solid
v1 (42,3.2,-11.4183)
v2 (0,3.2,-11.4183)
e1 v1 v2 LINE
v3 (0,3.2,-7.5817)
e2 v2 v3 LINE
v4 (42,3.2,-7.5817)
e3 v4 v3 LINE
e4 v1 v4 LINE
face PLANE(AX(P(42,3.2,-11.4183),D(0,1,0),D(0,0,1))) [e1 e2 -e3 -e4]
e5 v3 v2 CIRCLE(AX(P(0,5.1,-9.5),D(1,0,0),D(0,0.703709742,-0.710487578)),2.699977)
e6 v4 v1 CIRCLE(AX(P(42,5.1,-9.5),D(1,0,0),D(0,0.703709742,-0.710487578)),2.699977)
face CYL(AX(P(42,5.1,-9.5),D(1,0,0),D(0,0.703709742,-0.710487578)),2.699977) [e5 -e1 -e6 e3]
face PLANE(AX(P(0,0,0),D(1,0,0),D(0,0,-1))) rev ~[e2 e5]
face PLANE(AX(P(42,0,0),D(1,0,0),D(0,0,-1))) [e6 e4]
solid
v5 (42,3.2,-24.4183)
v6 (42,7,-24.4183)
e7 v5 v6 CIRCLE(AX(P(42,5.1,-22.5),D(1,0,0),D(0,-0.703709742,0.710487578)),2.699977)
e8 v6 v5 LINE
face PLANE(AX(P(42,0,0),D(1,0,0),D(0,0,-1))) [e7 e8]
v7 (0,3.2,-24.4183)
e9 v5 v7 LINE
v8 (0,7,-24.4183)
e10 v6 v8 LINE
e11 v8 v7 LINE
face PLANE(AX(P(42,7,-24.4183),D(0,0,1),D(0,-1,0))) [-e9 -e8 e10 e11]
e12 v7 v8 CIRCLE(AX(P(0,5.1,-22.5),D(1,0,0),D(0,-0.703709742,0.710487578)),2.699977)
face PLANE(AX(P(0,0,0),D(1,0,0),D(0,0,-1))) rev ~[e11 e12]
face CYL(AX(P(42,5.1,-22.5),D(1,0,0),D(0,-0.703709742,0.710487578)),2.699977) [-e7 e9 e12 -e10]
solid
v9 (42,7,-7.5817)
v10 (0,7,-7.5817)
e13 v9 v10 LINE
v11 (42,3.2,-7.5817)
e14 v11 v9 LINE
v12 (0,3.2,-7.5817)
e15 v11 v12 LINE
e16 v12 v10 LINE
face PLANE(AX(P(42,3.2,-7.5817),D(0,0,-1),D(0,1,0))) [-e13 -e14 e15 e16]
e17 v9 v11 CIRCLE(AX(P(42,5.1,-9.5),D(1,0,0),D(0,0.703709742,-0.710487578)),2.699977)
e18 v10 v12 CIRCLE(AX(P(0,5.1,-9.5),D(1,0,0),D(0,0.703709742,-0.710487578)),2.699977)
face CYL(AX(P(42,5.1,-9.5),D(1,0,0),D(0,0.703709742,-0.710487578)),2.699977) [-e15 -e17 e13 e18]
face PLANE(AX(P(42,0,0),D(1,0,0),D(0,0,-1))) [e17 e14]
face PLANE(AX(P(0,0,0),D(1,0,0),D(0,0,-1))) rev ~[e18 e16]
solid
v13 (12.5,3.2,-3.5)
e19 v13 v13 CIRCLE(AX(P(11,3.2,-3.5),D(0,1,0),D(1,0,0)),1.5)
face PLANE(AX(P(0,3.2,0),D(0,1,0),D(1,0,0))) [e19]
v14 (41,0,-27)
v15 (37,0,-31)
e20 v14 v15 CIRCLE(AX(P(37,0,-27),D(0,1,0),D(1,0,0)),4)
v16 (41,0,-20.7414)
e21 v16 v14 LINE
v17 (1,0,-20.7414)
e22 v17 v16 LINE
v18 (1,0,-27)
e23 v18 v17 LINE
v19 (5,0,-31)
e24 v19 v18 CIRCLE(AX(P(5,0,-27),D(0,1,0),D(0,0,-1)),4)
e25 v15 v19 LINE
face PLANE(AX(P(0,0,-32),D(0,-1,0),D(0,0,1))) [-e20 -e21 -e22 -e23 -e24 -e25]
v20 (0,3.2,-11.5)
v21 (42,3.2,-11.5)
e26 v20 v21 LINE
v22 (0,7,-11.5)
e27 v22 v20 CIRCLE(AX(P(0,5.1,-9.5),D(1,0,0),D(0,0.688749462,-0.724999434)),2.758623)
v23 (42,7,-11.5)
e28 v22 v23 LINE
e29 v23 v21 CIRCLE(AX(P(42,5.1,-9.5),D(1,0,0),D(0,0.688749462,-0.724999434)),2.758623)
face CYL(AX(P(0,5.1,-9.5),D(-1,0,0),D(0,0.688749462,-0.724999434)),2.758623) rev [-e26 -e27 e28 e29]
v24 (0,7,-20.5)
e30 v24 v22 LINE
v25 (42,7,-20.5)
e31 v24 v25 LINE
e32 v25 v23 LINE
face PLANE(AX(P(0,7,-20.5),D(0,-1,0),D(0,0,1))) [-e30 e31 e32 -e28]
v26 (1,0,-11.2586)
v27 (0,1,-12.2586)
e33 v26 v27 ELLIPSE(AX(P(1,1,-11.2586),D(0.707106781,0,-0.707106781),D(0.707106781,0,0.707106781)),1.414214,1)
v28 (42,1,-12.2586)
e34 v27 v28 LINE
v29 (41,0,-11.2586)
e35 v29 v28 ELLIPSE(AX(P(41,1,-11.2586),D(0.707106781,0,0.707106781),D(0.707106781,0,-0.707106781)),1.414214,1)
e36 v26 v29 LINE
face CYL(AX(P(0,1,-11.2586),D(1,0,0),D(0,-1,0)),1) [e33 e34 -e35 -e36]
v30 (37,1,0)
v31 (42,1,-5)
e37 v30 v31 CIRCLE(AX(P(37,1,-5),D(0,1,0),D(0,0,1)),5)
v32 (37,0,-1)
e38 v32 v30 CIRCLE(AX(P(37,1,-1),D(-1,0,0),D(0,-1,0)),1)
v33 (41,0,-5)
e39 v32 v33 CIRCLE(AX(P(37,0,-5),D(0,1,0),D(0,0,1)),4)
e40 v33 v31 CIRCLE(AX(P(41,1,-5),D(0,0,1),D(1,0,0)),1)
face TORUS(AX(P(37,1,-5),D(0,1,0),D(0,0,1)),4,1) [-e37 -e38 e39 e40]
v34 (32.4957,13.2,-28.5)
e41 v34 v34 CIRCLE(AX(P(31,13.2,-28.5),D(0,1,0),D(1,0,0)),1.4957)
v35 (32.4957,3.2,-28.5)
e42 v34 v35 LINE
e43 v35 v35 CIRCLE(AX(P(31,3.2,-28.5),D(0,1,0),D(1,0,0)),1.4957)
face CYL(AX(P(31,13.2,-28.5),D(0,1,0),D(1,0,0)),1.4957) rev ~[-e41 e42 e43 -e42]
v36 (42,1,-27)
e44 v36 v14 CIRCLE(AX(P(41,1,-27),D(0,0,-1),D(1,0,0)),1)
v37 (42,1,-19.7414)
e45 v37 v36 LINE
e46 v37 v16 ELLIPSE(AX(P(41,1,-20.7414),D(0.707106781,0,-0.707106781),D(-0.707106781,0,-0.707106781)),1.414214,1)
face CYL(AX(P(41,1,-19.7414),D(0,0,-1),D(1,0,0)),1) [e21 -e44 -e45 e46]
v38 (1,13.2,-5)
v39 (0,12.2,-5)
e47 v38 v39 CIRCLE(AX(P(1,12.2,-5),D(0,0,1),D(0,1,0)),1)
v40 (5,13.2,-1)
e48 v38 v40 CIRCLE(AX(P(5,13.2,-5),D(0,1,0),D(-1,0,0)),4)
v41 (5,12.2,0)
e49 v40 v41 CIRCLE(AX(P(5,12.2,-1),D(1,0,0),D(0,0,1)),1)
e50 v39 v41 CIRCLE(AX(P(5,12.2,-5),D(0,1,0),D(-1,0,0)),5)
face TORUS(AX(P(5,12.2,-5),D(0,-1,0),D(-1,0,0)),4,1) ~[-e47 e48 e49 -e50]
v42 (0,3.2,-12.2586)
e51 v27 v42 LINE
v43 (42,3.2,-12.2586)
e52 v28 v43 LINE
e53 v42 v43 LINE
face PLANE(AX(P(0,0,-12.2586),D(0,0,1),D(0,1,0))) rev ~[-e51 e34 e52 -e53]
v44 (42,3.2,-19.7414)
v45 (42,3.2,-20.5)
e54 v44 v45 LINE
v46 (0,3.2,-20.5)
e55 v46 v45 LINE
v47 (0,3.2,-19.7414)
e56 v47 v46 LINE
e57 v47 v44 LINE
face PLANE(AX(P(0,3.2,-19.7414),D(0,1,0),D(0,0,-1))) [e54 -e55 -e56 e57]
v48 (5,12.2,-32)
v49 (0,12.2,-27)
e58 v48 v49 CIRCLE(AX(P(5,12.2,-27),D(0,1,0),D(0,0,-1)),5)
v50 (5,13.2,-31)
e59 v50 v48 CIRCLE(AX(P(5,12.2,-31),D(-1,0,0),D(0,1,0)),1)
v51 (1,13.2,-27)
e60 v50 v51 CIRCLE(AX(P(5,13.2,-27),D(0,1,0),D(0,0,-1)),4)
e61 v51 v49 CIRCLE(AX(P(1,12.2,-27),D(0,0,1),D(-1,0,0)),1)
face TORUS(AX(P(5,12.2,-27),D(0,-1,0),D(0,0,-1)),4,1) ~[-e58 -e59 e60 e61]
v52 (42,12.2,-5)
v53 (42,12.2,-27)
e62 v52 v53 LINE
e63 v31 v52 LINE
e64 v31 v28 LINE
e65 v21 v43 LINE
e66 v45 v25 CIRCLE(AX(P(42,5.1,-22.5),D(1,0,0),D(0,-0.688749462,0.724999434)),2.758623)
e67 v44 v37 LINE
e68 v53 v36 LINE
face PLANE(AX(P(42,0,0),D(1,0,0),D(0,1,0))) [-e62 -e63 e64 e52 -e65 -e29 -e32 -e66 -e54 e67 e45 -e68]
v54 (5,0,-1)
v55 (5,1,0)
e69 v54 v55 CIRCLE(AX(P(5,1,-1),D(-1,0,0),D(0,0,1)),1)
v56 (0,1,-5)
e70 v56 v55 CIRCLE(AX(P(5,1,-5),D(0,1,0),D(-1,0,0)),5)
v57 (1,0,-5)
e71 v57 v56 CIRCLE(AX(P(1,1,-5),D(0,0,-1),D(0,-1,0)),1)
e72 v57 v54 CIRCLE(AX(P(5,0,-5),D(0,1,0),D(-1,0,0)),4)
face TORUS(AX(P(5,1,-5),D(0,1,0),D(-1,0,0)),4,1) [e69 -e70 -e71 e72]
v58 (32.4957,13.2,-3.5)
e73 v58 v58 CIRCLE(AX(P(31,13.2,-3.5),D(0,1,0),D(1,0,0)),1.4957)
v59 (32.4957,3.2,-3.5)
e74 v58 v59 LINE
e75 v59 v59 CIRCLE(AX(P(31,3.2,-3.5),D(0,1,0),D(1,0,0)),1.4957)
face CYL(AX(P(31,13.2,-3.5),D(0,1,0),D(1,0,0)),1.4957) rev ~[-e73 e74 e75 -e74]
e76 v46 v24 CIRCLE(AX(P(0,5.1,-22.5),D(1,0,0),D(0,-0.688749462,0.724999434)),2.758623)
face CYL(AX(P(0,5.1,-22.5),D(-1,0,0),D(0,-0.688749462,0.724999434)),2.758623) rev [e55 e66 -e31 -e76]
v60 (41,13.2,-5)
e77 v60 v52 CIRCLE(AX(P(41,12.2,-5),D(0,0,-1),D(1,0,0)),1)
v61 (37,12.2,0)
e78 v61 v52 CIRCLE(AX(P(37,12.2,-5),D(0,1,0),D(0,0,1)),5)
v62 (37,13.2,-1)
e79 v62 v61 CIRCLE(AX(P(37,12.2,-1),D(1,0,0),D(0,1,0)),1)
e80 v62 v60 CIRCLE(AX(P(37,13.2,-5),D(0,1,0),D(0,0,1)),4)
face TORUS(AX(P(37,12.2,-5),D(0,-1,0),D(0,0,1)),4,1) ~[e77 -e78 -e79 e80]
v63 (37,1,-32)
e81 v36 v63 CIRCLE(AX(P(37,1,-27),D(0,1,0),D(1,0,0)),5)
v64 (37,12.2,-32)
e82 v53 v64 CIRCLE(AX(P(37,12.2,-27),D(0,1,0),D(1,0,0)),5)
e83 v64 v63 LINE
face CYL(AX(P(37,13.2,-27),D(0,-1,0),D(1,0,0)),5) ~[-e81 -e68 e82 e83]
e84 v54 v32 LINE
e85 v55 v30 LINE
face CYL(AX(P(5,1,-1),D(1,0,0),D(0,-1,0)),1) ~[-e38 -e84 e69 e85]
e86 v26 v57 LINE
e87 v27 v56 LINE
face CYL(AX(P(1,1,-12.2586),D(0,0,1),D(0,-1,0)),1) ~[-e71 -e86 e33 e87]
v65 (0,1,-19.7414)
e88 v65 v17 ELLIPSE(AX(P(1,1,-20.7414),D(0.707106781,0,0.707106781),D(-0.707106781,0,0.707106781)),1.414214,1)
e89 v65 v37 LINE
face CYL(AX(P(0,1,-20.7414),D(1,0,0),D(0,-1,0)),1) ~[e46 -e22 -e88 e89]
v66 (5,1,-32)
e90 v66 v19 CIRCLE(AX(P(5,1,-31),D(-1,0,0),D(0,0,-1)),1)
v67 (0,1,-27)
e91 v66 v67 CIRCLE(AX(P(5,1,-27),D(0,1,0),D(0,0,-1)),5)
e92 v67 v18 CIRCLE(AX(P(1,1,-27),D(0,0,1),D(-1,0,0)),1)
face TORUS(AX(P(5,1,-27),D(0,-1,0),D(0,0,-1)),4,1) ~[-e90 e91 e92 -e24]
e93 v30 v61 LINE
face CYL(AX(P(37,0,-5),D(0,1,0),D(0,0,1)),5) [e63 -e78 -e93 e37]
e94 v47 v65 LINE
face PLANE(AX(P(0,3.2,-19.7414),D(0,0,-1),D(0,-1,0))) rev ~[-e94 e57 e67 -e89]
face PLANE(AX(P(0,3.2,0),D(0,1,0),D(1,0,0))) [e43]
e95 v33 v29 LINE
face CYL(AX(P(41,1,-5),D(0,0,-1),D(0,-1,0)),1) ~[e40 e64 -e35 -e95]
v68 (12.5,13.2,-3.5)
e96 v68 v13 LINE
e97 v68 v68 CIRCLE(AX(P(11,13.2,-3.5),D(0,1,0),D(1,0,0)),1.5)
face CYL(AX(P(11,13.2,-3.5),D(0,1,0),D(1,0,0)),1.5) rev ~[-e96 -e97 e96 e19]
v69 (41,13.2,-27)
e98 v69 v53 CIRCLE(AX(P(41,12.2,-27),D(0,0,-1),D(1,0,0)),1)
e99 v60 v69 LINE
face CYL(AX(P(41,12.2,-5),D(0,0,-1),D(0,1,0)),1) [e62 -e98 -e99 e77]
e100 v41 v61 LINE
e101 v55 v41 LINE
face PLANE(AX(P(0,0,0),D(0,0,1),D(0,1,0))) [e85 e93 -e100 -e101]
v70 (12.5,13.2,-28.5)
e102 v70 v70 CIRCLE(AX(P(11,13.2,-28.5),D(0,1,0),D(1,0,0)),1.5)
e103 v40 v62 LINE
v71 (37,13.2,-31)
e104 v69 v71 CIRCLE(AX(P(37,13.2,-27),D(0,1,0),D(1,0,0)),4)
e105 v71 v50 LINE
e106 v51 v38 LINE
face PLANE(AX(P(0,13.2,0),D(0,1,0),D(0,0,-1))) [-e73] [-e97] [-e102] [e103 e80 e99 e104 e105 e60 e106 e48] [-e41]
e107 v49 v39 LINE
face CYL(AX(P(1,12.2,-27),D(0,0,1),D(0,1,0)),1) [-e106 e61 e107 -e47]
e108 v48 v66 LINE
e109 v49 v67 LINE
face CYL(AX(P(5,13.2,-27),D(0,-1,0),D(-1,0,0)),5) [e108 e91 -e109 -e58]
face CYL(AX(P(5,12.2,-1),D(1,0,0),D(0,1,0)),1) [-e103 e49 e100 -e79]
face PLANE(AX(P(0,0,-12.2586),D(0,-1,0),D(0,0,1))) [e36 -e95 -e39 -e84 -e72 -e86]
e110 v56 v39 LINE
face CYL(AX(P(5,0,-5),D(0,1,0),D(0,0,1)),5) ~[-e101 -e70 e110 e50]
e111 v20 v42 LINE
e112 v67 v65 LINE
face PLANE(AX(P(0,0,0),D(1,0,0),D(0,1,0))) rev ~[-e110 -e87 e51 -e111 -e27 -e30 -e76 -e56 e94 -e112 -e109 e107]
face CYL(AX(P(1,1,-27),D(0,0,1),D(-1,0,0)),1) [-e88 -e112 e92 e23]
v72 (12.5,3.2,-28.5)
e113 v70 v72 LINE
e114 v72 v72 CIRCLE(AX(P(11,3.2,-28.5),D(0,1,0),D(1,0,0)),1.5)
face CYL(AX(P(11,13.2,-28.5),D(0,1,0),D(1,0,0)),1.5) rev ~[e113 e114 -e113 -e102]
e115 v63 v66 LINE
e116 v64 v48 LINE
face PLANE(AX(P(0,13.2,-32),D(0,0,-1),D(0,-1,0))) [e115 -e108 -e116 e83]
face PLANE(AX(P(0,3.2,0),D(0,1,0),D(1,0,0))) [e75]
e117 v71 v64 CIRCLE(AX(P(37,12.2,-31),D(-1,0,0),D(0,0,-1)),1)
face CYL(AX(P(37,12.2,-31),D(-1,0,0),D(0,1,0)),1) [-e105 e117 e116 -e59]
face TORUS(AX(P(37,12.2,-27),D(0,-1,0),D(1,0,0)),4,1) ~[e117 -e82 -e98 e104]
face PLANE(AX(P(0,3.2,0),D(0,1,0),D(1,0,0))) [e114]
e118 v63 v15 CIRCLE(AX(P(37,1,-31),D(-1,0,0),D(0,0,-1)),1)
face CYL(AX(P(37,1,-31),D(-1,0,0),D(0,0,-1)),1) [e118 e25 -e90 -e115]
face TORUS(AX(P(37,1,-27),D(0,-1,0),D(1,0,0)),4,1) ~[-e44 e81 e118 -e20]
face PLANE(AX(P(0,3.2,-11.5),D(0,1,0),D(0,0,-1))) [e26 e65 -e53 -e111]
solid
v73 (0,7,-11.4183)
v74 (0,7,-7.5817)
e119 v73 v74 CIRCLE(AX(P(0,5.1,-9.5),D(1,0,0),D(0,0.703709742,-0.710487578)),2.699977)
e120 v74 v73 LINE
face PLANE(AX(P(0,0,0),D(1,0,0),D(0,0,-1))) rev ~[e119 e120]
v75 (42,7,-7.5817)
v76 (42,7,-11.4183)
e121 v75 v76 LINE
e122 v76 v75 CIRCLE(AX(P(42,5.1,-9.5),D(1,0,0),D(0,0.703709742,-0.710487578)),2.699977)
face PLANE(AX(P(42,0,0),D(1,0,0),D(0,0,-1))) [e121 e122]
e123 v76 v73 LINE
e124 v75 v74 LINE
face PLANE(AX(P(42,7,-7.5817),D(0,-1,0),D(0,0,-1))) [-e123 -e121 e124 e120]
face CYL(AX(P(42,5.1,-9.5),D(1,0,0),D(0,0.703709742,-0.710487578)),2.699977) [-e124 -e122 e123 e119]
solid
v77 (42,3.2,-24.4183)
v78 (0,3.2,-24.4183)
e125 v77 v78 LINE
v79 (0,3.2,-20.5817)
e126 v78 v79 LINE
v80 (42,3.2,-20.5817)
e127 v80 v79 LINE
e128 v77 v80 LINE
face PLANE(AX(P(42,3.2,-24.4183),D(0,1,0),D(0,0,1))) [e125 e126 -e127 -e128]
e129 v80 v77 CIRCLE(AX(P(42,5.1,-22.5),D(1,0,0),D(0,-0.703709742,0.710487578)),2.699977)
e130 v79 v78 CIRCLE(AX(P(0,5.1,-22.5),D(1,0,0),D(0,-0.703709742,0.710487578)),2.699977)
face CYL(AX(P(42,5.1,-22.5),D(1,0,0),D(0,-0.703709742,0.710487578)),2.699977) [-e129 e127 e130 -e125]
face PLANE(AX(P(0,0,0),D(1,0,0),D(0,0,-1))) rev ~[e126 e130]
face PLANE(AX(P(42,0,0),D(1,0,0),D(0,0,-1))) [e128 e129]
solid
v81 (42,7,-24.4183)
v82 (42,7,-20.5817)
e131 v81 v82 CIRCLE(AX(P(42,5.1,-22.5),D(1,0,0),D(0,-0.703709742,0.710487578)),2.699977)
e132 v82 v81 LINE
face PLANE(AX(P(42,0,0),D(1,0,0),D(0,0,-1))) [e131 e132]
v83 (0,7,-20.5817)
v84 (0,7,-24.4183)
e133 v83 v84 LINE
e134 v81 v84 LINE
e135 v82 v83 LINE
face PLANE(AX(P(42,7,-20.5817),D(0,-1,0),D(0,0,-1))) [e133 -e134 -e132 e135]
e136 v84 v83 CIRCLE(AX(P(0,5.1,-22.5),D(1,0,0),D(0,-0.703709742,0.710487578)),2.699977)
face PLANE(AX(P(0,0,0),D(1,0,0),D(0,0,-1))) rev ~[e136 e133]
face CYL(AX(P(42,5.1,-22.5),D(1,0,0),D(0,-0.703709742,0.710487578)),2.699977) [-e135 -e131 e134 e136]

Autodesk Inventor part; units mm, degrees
ref_plane "YZ Plane" through (0, 0, 0) normal (1, 0, 0) x (0, 1, 0)
ref_plane "XZ Plane" through (0, 0, 0) normal (0, 1, 0) x (-1, 0, 0)
ref_plane "XY Plane" through (0, 0, 0) normal (0, 0, 1) x (1, 0, 0)
sketch "Sketch1" plane through (0, 0, 0) normal (1, 0, 0) x (0, 1, 0)
  line L0 (0, 0) -> (13.2, 0)
  line L1 (13.2, 0) -> (13.2, -32)
  line L2 (13.2, -32) -> (0, -32)
  line L3 (0, -32) -> (0, -19.7414)
  arc A0 (7, -11.5) -> (3.2, -11.5) centre (5.1, -9.5) ccw
  arc A1 (3.2, -20.5) -> (7, -20.5) centre (5.1, -22.5) ccw
  line L4 (3.2, -11.5) -> (3.2, -12.2586)
  line L5 (0, -12.2586) -> (0, 0)
  line L6 (7, -20.5) -> (7, -11.5)
  line L7 (3.2, -19.7414) -> (3.2, -20.5)
  line L8 (3.2, -19.7414) -> (0, -19.7414)
  line L9 (0, -12.2586) -> (3.2, -12.2586)
  dimension "d0" = 32
  dimension "d1" = 13.2
  dimension "d9" = 9.5
  dimension "d10" = 9.5
  dimension "d11" = 2.7586
  dimension "d12" = 2.7586
  dimension "d13" = 7
  dimension "d14" = 3.2
  dimension "d15" = 5.1
  dimension "d16" = 5.1
  dimension "d17" = 0.7586
  dimension "d18" = 0.7586
  dimension "d19" = 9
  dimension "d20" = 3.2
extrude "Extrusion1" add sketch "Sketch1" along normal blind 42
sketch "Sketch2" plane through (0, 13.2, 0) normal (0, 1, 0) x (1, 0, 0)
  circle A0 centre (11, 3.5) radius 1.5
  circle A1 centre (31, 3.5) radius 1.4957
  line L0 (-3.7091, 16) -> (49.3641, 16) construction
  line L1 (0, 0) -> (42, 0) projected
  circle A2 centre (11, 28.5) radius 1.5
  circle A3 centre (31, 28.5) radius 1.4957
  line L2 (0, 32) -> (0, 0) projected
  dimension "d23" = 16
  dimension "d24" = 3
  dimension "d25" = 20
  dimension "d26" = 11
  dimension "d27" = 3.5
  dimension "d28" = 3.5
extrude "Extrusion2" cut sketch "Sketch2" against normal blind 10
sketch "Sketch3" plane through (42, 0, 0) normal (1, 0, 0) x (0, 0, -1)
  arc A0 (11.5, 7) -> (7.5817, 7.0824) centre (9.5, 5.1) ccw
  arc A1 (20.5, 3.2) -> (24.5, 3.2) centre (22.5, 5.1) ccw
  arc A2 (11.5, 7) -> (11.5, 3.2) centre (9.5, 5.1) ccw projected
  arc A3 (20.5, 3.2) -> (20.5, 7) centre (22.5, 5.1) ccw projected
  line L0 (11.5, 7) -> (20.5, 7) projected
  line L1 (11.5, 7) -> (20.5, 7)
  line L2 (7.5817, 7) -> (24.4183, 7)
  line L3 (24.4183, 7) -> (24.4183, 3.2)
  line L4 (24.4183, 3.2) -> (20.5, 3.2)
  line L5 (7.5817, 3.2) -> (7.5817, 7)
  arc A4 (7.5, 3.2) -> (11.5, 3.2) centre (9.5, 5.1) ccw
  arc A5 (7.5817, 7.0824) -> (7.5, 7) centre (9.5, 5.1) ccw
  arc A6 (7.5, 7) -> (7.5, 3.2) centre (9.5, 5.1) ccw
  arc A7 (24.5, 7) -> (24.4183, 7.0824) centre (22.5, 5.1) ccw
  arc A8 (24.5, 3.2) -> (24.5, 7) centre (22.5, 5.1) ccw
  arc A9 (24.4183, 7.0824) -> (20.5, 7) centre (22.5, 5.1) ccw
  line L6 (11.5, 3.2) -> (7.5817, 3.2)
  arc A10 (20.5817, 3.2) -> (20.5817, 7) centre (22.5, 5.1) ccw
  arc A11 (11.4183, 7) -> (11.4183, 3.2) centre (9.5, 5.1) ccw
  point P0 (0, 0)
  dimension "d31" = 3.8
  dimension "d32" = 5.4
  dimension "d33" = 5.4
extrude "Extrusion3" add sketch "Sketch3" against normal up to surface (42 mm away) contours L2 A11 | A10 L2 | L5 A11 | A10 L3 | L6 A11 | A10 L4
fillet "Fillet1" radius 5 4 edges at (0, 6.6, 0) (0, 6.6, -32) (42, 6.6, 0) (42, 6.6, -32)
fillet "Fillet2" radius 1 20 edges at (40.5355, 13.2, -30.5355) (42, 13.2, -16) (40.5355, 13.2, -1.4645) (21, 13.2, 0) (1.4645, 13.2, -1.4645) (0, 13.2, -16) (1.4645, 13.2, -30.5355) (21, 13.2, -32) (40.5355, 0, -30.5355) (42, 0, -23.3707) (1.4645, 0, -30.5355) (0, 0, -23.3707) (21, 0, -32) (40.5355, 0, -1.4645) (42, 0, -8.6293) (1.4645, 0, -1.4645) (0, 0, -8.6293) (21, 0, 0) (21, 0, -12.2586) (21, 0, -19.7414)
thread "Thread1" size "M3x0.5" class "6H" standard "ISO Metric profile" full length
thread "Thread2" size "M3x0.5" class "6H" standard "ISO Metric profile" full length
thread "Thread3" size "M3x0.5" class "6H" standard "ISO Metric profile" full length
thread "Thread4" size "M3x0.5" class "6H" standard "ISO Metric profile" full length
properties part number "Fuehrungslager"
